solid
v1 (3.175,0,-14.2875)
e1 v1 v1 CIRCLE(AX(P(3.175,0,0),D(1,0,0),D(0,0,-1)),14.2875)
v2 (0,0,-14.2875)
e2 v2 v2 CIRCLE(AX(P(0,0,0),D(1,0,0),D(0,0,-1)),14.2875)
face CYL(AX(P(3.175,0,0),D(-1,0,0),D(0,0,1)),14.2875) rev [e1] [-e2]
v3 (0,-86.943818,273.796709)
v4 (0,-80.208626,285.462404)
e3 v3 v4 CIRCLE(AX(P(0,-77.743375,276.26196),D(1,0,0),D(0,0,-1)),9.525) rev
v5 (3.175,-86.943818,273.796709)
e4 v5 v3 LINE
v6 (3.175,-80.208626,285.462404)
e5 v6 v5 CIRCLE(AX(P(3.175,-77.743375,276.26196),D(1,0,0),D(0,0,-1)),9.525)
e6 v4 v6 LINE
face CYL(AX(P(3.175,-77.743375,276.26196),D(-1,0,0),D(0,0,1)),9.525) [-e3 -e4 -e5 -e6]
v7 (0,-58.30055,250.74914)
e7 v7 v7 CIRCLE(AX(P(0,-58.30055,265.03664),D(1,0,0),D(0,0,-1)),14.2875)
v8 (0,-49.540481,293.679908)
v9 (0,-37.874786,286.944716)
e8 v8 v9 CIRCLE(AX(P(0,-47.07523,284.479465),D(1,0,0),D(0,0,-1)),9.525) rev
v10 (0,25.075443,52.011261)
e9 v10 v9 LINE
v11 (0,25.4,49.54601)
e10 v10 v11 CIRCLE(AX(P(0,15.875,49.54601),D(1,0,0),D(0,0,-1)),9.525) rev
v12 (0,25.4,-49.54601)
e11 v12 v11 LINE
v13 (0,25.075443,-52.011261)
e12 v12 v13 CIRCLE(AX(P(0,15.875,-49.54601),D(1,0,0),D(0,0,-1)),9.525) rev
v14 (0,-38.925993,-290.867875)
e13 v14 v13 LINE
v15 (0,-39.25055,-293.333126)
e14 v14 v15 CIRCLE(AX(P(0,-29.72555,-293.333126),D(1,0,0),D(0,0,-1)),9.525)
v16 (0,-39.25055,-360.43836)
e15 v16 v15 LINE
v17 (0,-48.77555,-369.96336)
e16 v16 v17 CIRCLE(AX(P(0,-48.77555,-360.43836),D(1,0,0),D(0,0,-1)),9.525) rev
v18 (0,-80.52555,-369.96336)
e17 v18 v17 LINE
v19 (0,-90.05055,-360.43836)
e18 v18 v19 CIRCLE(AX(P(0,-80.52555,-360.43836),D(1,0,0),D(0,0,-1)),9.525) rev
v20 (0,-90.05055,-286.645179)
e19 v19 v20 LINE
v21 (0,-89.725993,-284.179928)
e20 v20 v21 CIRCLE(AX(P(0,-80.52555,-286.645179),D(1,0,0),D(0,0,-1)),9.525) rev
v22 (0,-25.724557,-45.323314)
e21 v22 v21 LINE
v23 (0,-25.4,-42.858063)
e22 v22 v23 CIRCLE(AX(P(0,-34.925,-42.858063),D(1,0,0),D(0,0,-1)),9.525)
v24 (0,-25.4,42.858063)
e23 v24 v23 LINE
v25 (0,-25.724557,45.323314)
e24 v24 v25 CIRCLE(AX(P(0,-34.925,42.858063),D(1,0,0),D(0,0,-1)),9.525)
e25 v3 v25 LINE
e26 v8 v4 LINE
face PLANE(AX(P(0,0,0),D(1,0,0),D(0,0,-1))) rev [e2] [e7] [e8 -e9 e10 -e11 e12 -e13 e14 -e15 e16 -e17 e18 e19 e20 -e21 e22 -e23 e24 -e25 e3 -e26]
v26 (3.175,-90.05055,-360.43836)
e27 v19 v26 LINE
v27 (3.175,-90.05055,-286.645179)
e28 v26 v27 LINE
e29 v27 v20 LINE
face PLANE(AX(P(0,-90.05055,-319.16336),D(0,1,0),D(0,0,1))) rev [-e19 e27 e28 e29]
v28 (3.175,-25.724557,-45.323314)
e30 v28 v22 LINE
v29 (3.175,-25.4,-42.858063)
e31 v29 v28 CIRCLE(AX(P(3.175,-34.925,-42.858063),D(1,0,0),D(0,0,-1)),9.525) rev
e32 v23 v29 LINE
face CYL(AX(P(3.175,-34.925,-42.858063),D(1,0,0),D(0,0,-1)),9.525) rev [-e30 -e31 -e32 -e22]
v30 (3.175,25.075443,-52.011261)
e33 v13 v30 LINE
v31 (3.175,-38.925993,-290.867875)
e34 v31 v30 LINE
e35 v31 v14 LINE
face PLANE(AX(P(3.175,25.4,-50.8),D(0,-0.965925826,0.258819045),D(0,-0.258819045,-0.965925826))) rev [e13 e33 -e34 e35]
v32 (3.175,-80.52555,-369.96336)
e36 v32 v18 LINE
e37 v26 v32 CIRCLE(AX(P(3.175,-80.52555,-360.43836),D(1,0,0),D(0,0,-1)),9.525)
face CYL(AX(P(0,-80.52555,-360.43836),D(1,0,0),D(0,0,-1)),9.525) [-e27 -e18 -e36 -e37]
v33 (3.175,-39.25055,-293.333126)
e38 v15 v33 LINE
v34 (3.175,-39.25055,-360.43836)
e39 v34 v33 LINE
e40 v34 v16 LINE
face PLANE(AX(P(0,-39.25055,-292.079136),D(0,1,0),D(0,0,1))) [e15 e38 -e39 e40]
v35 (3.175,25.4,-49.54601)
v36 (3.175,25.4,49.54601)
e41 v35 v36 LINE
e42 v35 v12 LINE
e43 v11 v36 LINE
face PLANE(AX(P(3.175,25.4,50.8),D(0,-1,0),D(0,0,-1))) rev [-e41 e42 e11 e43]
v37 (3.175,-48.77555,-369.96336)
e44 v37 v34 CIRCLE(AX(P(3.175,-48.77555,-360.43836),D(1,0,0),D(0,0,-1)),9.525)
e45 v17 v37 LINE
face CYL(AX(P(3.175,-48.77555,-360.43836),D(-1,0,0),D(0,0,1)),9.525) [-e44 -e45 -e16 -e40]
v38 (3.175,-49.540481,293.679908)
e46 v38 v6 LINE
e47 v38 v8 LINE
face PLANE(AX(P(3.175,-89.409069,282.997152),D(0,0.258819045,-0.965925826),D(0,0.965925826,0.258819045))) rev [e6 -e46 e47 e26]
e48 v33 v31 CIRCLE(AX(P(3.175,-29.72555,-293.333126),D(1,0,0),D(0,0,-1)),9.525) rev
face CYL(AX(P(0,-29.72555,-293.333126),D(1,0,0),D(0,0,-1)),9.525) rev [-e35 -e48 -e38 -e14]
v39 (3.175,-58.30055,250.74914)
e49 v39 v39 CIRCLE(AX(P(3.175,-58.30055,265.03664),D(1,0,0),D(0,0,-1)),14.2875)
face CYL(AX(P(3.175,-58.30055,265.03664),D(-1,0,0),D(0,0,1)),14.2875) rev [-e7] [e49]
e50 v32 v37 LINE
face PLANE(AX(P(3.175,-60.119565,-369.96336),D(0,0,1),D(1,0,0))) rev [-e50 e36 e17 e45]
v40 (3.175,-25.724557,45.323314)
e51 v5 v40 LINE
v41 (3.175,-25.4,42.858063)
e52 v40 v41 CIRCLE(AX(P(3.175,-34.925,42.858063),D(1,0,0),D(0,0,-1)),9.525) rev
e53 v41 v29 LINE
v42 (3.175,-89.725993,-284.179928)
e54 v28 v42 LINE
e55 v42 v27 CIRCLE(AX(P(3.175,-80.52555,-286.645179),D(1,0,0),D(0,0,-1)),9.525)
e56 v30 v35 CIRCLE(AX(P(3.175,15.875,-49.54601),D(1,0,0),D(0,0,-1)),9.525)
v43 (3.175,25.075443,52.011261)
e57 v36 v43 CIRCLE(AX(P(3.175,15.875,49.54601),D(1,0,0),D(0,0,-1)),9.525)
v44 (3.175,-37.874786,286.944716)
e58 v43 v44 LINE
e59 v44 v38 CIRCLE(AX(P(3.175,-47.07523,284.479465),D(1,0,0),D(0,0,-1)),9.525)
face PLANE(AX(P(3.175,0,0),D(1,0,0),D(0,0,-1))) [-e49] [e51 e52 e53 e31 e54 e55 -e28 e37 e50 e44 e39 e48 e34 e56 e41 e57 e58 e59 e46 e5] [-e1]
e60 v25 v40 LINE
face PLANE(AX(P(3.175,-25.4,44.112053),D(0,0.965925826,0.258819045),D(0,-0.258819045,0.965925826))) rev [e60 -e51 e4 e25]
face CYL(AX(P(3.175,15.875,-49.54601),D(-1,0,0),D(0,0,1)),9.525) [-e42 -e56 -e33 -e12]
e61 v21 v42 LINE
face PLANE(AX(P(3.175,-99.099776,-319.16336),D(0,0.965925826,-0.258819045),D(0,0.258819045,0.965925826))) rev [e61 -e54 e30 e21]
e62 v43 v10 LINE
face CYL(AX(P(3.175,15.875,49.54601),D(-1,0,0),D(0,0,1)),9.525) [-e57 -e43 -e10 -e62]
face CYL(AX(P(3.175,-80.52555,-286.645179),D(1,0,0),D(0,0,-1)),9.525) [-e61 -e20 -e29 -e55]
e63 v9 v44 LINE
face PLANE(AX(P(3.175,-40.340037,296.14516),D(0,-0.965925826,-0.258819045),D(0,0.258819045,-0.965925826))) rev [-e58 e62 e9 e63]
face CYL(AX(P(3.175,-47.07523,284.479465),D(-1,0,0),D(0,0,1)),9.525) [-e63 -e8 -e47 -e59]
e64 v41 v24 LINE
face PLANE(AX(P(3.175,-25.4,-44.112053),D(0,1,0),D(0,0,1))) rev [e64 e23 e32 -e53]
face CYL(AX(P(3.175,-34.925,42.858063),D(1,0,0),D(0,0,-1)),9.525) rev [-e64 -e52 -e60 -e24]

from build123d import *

# Parameters (mm, degrees)
SKETCH1_R           = 14.2875
BOSS_EXTRUDE1_DEPTH = 3.175
SKETCH3_R           = 12.7
CUT_EXTRUDE2_DEPTH  = 4.175
SKETCH5_W           = 50.8
SKETCH5_H           = 247.65
CUT_EXTRUDE4_DEPTH  = 4.175
SKETCH6_W           = 127
SKETCH6_H           = 25.4
CUT_EXTRUDE5_DEPTH  = 4.175
BOSS_EXTRUDE2_DEPTH = 3.175
FILLET1_R           = 9.525


with BuildPart() as part:
    # Sketch1 → Boss-Extrude1 (new body)
    with BuildSketch(Plane(origin=(0, 0, 0), x_dir=(0, 0, -1), z_dir=(1, 0, 0))):
        Polygon((-50.8, 25.4), (50.8, 25.4), (369.963359856, -60.119564527), (369.963359856, -337.700549698), (319.163359856, -337.700549698), (319.163359856, -99.099775516), (44.112053123, -25.4), (-44.112053123, -25.4), (-282.997152386, -89.409069432), (-296.145159877, -40.340037456), align=None)
        with Locations((-265.036640144, -58.300549698)):
            Circle(SKETCH1_R, mode=Mode.SUBTRACT)
        Circle(SKETCH1_R, mode=Mode.SUBTRACT)
    extrude(amount=BOSS_EXTRUDE1_DEPTH)

    # Sketch3 → Cut-Extrude2 (cut, through all)
    with BuildSketch(Plane(origin=(3.175, 0, 0), x_dir=(0, 0, -1), z_dir=(1, 0, 0))):
        with Locations((344.563359856, -312.300549698)):
            Circle(SKETCH3_R)
    extrude(amount=-CUT_EXTRUDE2_DEPTH, mode=Mode.SUBTRACT)

    # Sketch5 → Cut-Extrude4 (cut, through all)
    with BuildSketch(Plane(origin=(3.175, 0, 0), x_dir=(0, 0, -1), z_dir=(1, 0, 0))):
        with Locations((344.563359856, -213.875549698)):
            Rectangle(SKETCH5_W, SKETCH5_H)
    extrude(amount=-CUT_EXTRUDE4_DEPTH, mode=Mode.SUBTRACT)

    # Sketch6 → Cut-Extrude5 (cut, through all)
    with BuildSketch(Plane(origin=(3.175, 0, 0), x_dir=(0, 0, -1), z_dir=(1, 0, 0))):
        with Locations((306.463359856, -102.750549698)):
            Rectangle(SKETCH6_W, SKETCH6_H)
    extrude(amount=-CUT_EXTRUDE5_DEPTH, mode=Mode.SUBTRACT)

    # Sketch7 → Boss-Extrude2 (add)
    with BuildSketch(Plane(origin=(3.175, 0, 0), x_dir=(0, 0, -1), z_dir=(1, 0, 0))):
        Polygon((292.079136211, -39.250549698), (369.963359856, -39.250549698), (369.963359856, -60.119564527), align=None)
    extrude(amount=-BOSS_EXTRUDE2_DEPTH)

    # Fillet1
    fillet1_edges = [part.edges().sort_by_distance(p)[0] for p in [
        (1.5875, 25.4, 50.8),
        (1.5875, 25.4, -50.8),
        (1.5875, -25.4, -44.112053123),
        (1.5875, -25.4, 44.112053123),
        (1.5875, -89.409069432, 282.997152386),
        (1.5875, -40.340037456, 296.145159877),
        (1.5875, -90.050549698, -369.963359856),
        (1.5875, -90.050549698, -285.391189333),
        (1.5875, -39.250549698, -292.079136211),
        (1.5875, -39.250549698, -369.963359856),
    ]]
    fillet(fillet1_edges, radius=FILLET1_R)


solid = part.part
